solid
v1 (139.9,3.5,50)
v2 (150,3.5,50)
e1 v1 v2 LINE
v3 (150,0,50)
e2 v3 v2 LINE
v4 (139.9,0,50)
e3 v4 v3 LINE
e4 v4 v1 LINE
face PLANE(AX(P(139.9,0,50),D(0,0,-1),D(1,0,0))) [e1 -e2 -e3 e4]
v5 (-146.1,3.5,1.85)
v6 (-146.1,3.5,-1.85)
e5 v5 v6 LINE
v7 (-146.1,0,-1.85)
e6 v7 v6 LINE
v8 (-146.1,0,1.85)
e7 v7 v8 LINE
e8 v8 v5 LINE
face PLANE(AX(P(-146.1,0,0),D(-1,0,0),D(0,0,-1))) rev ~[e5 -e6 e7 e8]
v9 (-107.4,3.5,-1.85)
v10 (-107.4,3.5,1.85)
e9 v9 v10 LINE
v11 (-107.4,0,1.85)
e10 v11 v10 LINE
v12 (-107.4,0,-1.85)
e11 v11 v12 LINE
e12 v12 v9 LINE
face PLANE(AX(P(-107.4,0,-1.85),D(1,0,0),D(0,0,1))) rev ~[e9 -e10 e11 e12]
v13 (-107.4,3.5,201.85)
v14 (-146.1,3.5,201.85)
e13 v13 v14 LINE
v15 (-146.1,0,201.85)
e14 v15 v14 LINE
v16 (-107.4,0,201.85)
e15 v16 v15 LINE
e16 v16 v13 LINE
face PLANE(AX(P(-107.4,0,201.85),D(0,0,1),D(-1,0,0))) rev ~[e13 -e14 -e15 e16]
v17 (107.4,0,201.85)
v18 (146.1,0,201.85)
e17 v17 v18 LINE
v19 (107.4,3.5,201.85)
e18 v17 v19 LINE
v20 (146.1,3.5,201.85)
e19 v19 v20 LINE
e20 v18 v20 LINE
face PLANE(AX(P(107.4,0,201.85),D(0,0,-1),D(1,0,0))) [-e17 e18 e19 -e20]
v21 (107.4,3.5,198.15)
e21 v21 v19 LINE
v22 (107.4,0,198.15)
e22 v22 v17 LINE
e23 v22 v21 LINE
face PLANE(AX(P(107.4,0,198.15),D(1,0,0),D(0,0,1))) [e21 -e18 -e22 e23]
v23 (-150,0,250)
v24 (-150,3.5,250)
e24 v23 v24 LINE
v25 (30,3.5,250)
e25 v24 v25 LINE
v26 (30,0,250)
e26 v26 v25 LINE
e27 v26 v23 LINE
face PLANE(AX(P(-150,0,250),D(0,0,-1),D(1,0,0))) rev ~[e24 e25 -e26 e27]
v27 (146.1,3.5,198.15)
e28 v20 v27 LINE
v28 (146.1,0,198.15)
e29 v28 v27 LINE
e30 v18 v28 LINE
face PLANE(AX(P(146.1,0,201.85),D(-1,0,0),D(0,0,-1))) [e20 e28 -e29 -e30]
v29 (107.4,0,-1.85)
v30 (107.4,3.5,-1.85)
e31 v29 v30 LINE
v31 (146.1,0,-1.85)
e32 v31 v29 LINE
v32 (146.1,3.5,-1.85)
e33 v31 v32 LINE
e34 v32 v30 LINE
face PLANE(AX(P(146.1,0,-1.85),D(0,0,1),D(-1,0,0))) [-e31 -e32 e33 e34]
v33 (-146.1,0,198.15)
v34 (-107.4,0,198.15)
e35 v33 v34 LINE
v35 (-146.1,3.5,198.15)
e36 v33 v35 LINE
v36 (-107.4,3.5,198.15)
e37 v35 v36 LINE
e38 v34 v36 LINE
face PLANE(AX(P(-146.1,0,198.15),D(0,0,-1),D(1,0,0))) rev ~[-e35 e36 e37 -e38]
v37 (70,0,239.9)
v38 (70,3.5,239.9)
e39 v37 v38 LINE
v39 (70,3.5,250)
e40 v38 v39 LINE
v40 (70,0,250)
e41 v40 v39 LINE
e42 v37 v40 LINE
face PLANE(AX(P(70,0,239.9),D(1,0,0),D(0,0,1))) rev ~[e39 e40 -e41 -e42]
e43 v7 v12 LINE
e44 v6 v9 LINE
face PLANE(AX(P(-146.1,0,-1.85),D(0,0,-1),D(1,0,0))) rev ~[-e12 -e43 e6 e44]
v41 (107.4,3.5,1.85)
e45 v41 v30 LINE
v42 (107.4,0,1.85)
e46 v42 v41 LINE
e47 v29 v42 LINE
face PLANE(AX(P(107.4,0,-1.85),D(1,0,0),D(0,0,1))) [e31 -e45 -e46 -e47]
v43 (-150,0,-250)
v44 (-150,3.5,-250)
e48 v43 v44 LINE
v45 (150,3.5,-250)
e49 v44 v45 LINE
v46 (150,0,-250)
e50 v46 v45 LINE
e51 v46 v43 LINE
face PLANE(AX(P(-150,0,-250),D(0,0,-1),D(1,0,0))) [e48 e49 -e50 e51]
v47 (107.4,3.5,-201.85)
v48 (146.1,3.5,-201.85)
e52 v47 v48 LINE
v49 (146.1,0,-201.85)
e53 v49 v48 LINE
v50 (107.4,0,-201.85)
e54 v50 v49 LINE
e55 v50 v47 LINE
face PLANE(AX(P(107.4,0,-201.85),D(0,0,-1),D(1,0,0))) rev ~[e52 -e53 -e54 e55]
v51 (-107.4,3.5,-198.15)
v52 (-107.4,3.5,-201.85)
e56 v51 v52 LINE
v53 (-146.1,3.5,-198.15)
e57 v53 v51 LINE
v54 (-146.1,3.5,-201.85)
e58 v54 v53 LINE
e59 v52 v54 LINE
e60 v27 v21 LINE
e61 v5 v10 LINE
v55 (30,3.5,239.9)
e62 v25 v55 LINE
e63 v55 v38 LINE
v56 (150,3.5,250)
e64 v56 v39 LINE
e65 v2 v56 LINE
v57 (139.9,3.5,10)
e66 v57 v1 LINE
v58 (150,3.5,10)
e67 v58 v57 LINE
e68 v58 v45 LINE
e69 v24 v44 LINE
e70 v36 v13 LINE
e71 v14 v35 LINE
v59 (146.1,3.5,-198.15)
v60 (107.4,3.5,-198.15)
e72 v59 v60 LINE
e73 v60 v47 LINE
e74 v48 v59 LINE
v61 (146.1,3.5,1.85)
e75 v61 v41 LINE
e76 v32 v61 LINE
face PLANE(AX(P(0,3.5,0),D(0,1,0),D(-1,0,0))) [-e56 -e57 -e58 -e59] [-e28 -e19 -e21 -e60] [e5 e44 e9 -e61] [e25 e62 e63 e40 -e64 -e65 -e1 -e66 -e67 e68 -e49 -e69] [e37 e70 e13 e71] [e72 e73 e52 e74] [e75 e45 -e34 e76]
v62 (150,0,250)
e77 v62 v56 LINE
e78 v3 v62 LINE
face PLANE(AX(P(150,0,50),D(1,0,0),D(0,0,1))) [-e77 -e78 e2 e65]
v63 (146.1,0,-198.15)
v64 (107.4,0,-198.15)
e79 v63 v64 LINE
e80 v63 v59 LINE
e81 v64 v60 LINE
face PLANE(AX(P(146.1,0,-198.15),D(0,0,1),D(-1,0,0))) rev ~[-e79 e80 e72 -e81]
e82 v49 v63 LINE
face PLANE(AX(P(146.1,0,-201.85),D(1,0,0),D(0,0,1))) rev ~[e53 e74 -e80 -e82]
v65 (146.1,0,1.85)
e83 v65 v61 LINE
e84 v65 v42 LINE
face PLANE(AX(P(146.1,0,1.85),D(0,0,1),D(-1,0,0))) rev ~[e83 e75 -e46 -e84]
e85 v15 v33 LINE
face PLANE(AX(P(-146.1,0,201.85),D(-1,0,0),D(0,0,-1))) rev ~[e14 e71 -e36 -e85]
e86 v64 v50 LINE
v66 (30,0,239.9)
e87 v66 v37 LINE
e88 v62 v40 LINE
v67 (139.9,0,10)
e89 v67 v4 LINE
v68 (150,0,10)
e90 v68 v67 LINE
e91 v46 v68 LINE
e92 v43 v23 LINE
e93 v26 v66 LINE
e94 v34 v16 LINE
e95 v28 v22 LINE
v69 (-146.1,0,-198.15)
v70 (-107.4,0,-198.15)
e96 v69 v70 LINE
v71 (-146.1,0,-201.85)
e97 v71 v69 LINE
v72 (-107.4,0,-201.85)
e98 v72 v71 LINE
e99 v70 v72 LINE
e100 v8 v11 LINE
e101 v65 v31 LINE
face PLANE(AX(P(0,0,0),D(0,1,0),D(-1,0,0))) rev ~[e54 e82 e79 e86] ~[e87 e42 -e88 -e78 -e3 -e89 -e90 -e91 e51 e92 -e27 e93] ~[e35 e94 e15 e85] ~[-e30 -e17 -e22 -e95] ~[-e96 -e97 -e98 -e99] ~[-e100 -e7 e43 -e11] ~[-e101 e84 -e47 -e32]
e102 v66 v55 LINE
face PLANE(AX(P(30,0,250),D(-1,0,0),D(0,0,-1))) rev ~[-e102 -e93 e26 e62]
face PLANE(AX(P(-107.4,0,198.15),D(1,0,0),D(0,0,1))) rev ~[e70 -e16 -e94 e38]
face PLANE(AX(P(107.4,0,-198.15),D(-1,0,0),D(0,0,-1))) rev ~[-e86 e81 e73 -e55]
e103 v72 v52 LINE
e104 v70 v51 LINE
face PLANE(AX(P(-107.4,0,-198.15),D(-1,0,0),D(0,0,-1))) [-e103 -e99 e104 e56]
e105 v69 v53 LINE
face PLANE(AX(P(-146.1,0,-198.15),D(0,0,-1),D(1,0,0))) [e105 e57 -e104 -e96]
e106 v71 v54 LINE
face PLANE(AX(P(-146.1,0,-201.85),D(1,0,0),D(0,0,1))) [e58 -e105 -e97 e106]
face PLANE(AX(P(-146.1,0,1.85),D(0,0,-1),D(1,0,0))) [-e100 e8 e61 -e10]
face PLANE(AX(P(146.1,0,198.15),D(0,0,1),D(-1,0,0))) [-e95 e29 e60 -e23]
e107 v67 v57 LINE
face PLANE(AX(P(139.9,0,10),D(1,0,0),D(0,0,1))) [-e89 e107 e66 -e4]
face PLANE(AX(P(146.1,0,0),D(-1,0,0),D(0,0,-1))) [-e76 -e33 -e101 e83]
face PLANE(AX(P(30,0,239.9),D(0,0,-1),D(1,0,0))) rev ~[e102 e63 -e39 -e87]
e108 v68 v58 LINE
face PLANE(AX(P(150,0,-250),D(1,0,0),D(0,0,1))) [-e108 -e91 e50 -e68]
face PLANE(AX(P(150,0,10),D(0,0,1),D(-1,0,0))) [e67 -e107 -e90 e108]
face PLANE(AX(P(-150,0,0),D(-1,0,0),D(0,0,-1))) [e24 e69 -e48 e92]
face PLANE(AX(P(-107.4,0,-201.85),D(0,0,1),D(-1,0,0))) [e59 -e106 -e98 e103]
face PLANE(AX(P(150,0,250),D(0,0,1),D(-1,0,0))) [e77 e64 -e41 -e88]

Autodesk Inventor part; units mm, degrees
ref_plane "YZ Plane" through (0, 0, 0) normal (1, 0, 0) x (0, 1, 0)
ref_plane "XZ Plane" through (0, 0, 0) normal (0, 1, 0) x (-1, 0, 0)
ref_plane "XY Plane" through (0, 0, 0) normal (0, 0, 1) x (1, 0, 0)
sketch "스케치1" plane through (0, 0, 0) normal (0, 1, 0) x (-1, 0, 0)
  line L0 (150, 0) -> (150, -250)
  line L1 (150, -250) -> (0, -250)
  line L2 (216.1767, 0) -> (-247.0601, 0) projected
  line L3 (0, -350) -> (0, 350) projected
  line L4 (100, 0) -> (100, -250) construction
  line L5 (107.4, -198.15) -> (107.4, -201.85)
  line L6 (107.4, -201.85) -> (146.1, -201.85)
  line L7 (146.1, -198.15) -> (107.4, -198.15)
  line L8 (146.1, -201.85) -> (146.1, -198.15)
  line L9 (146.1, 0) -> (146.1, -1.85)
  line L10 (146.1, -1.85) -> (107.4, -1.85)
  line L11 (107.4, -1.85) -> (107.4, 0)
  line L12 (150, 0) -> (150, 250)
  line L13 (150, 250) -> (0, 250)
  line L14 (100, 0) -> (100, 250) construction
  line L15 (146.1, 198.15) -> (107.4, 198.15)
  line L16 (146.1, 201.85) -> (146.1, 198.15)
  line L17 (107.4, 201.85) -> (146.1, 201.85)
  line L18 (107.4, 198.15) -> (107.4, 201.85)
  line L19 (146.1, 0) -> (146.1, 1.85)
  line L20 (146.1, 1.85) -> (107.4, 1.85)
  line L21 (107.4, 1.85) -> (107.4, 0)
  line L22 (-150, -250) -> (0, -250)
  line L23 (-100, 0) -> (-100, -250) construction
  line L24 (-146.1, -198.15) -> (-107.4, -198.15)
  line L25 (-146.1, -201.85) -> (-146.1, -198.15)
  line L26 (-107.4, -201.85) -> (-146.1, -201.85)
  line L27 (-107.4, -198.15) -> (-107.4, -201.85)
  line L28 (-146.1, 0) -> (-146.1, -1.85)
  line L29 (-146.1, -1.85) -> (-107.4, -1.85)
  line L30 (-107.4, -1.85) -> (-107.4, 0)
  line L31 (-146.1, 1.85) -> (-107.4, 1.85)
  line L32 (-146.1, 0) -> (-146.1, 1.85)
  line L33 (-107.4, 1.85) -> (-107.4, 0)
  line L34 (-100, 0) -> (-100, 250) construction
  line L35 (-146.1, 198.15) -> (-107.4, 198.15)
  line L36 (-107.4, 198.15) -> (-107.4, 201.85)
  line L37 (-146.1, 201.85) -> (-146.1, 198.15)
  line L38 (-107.4, 201.85) -> (-146.1, 201.85)
  line L39 (-150, -250) -> (-150, 10)
  line L40 (-150, -250) -> (-180.8834, -250)
  line L41 (-150, 10) -> (-139.9, 10)
  line L42 (-139.9, 10) -> (-139.9, 50)
  line L43 (-139.9, 50) -> (-150, 50)
  line L44 (-150, 0) -> (-150, 10)
  line L45 (-150, 50) -> (-150, 250)
  line L46 (-30, 250) -> (-30, 239.9)
  line L47 (-30, 239.9) -> (-70, 239.9)
  line L48 (-70, 239.9) -> (-70, 250)
  line L49 (-150, 250) -> (-70, 250)
  line L50 (-30, 250) -> (0, 250)
  point P0 (0, 0)
  dimension "d2" = 250
  dimension "d3" = 150
  dimension "d4" = 50
  dimension "d13" = 38.7
  dimension "d14" = 3.7
  dimension "d15" = 48.15
  dimension "d16" = 1.85
  dimension "d17" = 38.7
  dimension "d18" = 7.4
  dimension "d19" = 7.4
  dimension "d50" = 10.1
  dimension "d51" = 10
  dimension "d52" = 40
  dimension "d54" = 30
  dimension "d55" = 40
  dimension "d57" = 10.1
extrude "돌출1" add sketch "스케치1" along normal blind 3.5 contours L0 L1 L3 L2 L11 L10 L9 | L2 L19 L20 L21 L3 L13 L12 | L22 L39 L2 L28 L29 L30 L3 | L3 L2 L33 L31 L32 L39 L41 L42 L43 L45 L49 L48 L47 L46 L50
properties part number "부품1"
